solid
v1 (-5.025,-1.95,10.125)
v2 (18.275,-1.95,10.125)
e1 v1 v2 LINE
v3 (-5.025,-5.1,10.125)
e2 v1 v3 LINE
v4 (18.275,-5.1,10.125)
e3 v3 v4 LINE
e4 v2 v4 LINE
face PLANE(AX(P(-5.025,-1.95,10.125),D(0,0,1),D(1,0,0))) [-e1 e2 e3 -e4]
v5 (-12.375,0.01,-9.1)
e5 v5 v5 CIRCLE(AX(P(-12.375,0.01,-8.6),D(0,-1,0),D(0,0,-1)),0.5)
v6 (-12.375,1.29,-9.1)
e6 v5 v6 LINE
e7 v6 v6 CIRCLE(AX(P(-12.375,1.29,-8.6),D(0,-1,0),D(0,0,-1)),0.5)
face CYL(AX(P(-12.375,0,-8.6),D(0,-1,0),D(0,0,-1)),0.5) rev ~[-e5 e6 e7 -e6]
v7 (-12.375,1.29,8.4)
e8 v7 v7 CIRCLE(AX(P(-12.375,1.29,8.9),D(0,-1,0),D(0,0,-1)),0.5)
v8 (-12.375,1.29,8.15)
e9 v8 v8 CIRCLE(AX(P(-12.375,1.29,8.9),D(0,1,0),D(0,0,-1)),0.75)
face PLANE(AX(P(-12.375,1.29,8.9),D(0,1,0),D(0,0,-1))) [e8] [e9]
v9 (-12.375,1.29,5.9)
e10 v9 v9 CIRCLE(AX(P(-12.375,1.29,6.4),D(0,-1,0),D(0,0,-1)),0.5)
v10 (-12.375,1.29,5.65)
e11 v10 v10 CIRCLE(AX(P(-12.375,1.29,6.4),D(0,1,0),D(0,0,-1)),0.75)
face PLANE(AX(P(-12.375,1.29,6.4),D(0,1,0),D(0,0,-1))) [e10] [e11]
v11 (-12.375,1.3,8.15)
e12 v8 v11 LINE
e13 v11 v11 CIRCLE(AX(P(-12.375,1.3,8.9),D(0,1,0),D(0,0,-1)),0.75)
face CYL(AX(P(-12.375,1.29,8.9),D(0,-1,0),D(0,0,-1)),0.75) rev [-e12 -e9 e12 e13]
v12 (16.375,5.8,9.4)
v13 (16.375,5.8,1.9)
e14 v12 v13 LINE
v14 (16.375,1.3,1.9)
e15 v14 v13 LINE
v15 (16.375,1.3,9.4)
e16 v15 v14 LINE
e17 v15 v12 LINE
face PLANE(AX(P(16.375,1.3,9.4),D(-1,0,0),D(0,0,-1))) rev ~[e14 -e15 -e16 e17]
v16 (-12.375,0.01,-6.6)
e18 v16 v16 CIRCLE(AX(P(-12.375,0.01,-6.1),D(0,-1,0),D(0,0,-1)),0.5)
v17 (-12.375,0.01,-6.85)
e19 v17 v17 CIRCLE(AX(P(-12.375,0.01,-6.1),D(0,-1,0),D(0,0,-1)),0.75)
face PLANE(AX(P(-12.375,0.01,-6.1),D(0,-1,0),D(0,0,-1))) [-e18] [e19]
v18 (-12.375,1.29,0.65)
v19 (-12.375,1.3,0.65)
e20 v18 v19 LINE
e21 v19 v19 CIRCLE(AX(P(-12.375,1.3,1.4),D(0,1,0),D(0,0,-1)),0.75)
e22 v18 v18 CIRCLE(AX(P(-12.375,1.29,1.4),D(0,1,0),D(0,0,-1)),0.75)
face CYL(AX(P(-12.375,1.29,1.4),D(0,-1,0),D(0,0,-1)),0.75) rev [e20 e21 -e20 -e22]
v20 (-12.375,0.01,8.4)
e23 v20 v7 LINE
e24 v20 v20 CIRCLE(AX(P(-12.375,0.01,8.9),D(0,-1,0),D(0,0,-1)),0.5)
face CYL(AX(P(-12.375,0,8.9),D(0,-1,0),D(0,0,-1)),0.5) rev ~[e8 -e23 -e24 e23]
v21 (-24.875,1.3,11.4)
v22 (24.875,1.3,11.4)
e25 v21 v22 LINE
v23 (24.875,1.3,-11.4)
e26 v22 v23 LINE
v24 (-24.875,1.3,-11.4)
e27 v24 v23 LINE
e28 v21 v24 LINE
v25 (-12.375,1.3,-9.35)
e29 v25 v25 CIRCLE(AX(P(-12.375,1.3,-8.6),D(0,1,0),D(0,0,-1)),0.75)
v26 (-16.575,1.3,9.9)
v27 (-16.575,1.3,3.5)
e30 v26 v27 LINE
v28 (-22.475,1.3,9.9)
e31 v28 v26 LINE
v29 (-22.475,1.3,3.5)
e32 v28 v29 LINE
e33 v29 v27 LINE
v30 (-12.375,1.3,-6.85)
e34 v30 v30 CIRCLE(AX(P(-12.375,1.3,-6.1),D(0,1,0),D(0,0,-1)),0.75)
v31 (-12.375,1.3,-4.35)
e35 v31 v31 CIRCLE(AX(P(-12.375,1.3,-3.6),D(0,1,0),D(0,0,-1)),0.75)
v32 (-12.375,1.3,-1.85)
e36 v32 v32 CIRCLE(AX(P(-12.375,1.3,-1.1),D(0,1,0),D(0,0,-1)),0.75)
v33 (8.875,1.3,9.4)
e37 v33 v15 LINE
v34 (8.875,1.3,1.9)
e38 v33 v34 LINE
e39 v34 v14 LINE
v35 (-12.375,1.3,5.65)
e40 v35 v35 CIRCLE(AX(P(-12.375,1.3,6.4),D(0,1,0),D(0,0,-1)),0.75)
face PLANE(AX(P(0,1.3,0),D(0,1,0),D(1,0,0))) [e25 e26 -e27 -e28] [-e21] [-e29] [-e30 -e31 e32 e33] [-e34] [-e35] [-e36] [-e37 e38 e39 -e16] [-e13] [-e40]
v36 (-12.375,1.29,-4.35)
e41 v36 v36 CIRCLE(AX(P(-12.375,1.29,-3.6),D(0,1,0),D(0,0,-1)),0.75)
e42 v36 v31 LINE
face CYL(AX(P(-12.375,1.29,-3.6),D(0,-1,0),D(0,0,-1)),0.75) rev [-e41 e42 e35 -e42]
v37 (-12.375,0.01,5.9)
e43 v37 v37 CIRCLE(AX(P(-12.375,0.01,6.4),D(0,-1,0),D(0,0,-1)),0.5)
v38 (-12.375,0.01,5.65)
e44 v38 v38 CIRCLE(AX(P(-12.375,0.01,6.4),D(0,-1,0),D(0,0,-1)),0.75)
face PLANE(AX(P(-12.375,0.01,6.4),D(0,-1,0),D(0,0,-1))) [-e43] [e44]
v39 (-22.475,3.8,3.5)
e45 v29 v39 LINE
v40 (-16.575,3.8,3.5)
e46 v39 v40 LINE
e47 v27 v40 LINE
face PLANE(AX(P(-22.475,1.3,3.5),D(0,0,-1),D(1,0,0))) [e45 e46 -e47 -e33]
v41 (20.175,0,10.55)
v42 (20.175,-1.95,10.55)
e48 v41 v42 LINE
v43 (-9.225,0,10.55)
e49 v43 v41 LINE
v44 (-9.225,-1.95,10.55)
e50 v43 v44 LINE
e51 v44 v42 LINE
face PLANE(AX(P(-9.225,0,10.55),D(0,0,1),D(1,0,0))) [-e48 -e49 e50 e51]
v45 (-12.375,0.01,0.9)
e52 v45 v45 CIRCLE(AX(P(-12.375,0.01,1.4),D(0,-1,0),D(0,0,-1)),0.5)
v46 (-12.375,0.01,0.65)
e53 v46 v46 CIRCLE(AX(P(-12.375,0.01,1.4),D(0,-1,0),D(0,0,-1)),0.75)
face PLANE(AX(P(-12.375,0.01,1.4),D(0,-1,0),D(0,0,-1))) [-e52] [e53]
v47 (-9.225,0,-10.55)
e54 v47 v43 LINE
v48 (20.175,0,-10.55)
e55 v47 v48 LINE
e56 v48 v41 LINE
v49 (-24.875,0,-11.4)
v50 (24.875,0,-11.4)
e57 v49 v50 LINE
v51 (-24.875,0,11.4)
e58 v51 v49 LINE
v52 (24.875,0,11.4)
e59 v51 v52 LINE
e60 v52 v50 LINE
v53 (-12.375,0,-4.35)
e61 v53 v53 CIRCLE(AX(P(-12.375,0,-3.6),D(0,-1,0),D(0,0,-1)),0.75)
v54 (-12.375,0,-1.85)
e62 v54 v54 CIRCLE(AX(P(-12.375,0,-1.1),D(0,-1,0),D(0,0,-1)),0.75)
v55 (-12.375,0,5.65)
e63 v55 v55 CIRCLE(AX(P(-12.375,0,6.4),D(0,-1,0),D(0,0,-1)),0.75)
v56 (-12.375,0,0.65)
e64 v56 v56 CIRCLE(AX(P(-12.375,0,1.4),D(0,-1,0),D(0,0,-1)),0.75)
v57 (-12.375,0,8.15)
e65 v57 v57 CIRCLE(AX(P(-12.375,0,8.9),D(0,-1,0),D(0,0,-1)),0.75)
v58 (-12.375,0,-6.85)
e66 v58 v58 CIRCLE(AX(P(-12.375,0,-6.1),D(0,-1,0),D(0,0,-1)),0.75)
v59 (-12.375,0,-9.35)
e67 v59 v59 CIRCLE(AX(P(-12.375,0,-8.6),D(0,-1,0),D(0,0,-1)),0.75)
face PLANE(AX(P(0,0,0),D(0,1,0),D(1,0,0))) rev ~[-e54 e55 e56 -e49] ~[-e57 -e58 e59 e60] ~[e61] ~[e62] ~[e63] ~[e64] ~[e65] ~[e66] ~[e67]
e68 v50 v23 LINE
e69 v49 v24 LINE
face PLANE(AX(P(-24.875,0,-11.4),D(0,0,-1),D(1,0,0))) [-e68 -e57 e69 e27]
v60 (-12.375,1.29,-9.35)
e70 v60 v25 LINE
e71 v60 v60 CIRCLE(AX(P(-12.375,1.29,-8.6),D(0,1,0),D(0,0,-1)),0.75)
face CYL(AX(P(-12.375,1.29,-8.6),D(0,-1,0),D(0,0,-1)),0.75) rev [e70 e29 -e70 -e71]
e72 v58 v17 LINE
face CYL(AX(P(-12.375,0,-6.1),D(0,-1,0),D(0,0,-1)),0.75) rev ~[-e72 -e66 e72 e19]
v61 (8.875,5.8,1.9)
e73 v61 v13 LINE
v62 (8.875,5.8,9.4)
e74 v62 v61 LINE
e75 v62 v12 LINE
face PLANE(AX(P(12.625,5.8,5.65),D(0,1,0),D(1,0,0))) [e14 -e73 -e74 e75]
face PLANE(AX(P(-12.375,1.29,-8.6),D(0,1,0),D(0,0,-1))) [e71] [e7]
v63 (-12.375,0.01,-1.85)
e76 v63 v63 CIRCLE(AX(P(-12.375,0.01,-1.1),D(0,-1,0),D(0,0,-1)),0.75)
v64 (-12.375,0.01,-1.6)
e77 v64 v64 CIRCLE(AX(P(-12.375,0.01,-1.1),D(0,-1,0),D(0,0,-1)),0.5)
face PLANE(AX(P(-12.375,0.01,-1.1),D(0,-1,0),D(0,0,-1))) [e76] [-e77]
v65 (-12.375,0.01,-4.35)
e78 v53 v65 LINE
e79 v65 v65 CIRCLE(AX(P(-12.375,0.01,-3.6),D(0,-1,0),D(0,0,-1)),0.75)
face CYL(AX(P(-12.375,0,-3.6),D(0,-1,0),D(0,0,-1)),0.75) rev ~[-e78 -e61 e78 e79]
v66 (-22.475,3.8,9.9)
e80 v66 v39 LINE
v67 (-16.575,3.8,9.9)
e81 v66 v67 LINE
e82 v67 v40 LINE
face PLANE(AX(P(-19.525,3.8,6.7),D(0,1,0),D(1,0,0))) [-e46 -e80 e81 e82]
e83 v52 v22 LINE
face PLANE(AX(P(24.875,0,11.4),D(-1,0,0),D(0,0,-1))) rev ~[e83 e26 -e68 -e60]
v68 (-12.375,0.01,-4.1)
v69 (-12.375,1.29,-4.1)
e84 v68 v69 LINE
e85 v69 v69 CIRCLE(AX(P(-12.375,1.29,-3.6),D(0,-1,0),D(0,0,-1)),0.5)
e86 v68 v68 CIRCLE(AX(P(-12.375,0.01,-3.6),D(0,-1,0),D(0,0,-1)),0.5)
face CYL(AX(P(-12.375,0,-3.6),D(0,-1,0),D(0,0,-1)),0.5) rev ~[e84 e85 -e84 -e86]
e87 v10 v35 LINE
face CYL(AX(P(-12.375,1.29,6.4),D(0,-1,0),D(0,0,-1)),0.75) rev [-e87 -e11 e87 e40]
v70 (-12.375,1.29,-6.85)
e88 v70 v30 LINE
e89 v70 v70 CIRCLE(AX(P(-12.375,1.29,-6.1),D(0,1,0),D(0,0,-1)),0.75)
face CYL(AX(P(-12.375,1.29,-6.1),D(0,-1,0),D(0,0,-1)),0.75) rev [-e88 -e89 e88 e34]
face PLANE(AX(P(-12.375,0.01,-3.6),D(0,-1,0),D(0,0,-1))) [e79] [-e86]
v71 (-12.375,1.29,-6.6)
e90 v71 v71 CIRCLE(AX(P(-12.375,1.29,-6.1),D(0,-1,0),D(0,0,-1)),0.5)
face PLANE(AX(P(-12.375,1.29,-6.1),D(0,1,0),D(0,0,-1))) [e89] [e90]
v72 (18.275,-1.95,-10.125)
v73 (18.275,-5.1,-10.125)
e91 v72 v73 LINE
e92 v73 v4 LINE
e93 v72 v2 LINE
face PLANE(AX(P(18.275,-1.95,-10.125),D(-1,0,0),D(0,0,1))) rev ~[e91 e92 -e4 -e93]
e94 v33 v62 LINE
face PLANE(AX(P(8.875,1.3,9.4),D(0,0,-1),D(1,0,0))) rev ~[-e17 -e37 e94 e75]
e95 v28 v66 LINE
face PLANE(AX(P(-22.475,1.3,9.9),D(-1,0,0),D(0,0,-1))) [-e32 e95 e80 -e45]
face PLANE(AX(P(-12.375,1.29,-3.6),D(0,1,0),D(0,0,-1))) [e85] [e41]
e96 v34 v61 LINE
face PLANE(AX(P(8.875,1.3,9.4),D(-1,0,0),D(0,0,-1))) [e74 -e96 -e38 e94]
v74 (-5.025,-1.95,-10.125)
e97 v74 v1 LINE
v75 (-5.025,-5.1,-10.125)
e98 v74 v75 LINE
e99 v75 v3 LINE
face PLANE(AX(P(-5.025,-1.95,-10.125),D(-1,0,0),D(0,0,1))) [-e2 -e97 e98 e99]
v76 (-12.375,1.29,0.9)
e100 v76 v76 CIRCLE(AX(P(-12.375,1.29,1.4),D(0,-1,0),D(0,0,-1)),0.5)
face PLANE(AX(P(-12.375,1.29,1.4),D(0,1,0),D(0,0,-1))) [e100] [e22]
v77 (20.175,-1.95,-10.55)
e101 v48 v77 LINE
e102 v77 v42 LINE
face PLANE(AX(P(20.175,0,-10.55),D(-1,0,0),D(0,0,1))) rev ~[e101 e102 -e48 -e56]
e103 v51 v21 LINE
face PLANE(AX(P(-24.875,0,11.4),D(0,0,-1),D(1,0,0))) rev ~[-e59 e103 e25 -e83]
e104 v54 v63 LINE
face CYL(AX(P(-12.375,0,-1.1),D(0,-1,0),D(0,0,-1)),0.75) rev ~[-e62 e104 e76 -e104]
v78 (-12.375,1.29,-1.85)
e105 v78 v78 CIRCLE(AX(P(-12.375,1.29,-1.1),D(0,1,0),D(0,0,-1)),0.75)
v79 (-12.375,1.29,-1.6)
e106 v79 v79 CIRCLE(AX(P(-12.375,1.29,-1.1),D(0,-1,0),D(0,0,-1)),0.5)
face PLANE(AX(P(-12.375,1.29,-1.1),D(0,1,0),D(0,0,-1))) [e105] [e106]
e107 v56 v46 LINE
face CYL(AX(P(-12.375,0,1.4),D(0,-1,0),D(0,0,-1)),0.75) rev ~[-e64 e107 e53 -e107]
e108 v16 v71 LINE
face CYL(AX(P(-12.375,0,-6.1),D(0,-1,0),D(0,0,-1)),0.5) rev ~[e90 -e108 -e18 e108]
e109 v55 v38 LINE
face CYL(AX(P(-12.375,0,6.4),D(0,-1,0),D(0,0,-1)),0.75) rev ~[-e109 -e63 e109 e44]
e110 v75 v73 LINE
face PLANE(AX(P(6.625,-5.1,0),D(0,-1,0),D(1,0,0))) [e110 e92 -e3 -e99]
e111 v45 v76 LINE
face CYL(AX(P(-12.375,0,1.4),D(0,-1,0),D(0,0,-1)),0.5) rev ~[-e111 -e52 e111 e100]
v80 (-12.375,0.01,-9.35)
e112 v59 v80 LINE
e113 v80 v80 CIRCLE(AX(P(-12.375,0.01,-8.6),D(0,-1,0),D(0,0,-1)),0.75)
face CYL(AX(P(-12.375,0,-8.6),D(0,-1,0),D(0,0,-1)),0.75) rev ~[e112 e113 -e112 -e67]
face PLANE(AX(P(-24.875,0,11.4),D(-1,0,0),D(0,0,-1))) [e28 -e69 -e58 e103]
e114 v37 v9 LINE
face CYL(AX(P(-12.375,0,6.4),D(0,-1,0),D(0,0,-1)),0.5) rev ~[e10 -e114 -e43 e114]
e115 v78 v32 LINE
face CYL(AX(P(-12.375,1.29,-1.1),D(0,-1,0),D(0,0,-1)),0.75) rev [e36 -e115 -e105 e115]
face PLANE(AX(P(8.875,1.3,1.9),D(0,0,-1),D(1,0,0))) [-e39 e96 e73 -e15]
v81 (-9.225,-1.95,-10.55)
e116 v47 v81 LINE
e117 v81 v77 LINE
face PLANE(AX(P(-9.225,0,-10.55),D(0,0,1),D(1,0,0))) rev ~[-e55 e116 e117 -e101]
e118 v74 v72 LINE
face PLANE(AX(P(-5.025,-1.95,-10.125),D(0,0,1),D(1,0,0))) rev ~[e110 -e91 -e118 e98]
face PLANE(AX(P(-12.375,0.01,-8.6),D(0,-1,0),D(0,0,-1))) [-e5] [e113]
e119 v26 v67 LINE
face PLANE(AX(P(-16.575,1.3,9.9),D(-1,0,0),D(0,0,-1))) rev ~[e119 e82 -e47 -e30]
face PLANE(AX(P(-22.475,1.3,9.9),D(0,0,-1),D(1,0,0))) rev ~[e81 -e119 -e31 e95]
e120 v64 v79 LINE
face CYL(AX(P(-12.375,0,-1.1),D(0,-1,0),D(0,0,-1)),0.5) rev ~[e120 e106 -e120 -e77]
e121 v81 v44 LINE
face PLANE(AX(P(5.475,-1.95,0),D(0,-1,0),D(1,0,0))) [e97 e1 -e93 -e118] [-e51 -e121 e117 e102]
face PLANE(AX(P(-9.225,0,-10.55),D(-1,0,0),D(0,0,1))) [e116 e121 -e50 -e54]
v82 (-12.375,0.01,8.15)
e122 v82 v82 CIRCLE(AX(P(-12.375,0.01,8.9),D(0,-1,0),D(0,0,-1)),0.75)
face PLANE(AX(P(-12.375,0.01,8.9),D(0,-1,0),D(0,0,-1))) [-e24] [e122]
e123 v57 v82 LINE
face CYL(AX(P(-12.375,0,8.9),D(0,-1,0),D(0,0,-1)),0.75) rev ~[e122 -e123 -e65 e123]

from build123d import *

# Parameters (mm, degrees)
SKETCH1_W           = 49.75
SKETCH1_H           = 22.8
BOSS_EXTRUDE1_DEPTH = 1.3
SKETCH2_W           = 7.5
SKETCH2_H           = 7.5
BOSS_EXTRUDE2_DEPTH = 4.5
SKETCH3_W           = 5.9
SKETCH3_H           = 6.4
BOSS_EXTRUDE3_DEPTH = 2.5
SKETCH4_W           = 29.4
SKETCH4_H           = 21.1
BOSS_EXTRUDE4_DEPTH = 1.95
SKETCH5_W           = 23.3
SKETCH5_H           = 20.25
BOSS_EXTRUDE5_DEPTH = 3.15
CUT_EXTRUDE1_REACH  = 29.971
SKETCH6_R           = 0.5
SKETCH7_R           = 0.75
CUT_EXTRUDE2_DEPTH  = 0.01
CUT_EXTRUDE3_START  = -0.01
SKETCH8_R           = 0.75
CUT_EXTRUDE3_DEPTH  = 0.01


with BuildPart() as part:
    # Sketch1 → Boss-Extrude1 (new body)
    with BuildSketch(Plane(origin=(0, 0, 0), x_dir=(1, 0, 0), z_dir=(0, 1, 0))):
        Rectangle(SKETCH1_W, SKETCH1_H)
    extrude(amount=BOSS_EXTRUDE1_DEPTH)

    # Sketch2 → Boss-Extrude2 (add)
    with BuildSketch(Plane(origin=(0, 1.3, 0), x_dir=(1, 0, 0), z_dir=(0, 1, 0))):
        with Locations((12.625, -5.65)):
            Rectangle(SKETCH2_W, SKETCH2_H)
    extrude(amount=BOSS_EXTRUDE2_DEPTH)

    # Sketch3 → Boss-Extrude3 (add)
    with BuildSketch(Plane(origin=(0, 1.3, 0), x_dir=(1, 0, 0), z_dir=(0, 1, 0))):
        with Locations((-19.525, -6.7)):
            Rectangle(SKETCH3_W, SKETCH3_H)
    extrude(amount=BOSS_EXTRUDE3_DEPTH)

    # Sketch4 → Boss-Extrude4 (add)
    with BuildSketch(Plane.XZ):
        with Locations((5.475, 0)):
            Rectangle(SKETCH4_W, SKETCH4_H)
    extrude(amount=BOSS_EXTRUDE4_DEPTH)

    # Sketch5 → Boss-Extrude5 (add)
    with BuildSketch(Plane.XZ.offset(1.95)):
        with Locations((6.625, 0)):
            Rectangle(SKETCH5_W, SKETCH5_H)
    extrude(amount=BOSS_EXTRUDE5_DEPTH)

    # Sketch6 → Cut-Extrude1 (cut, up to next)
    with BuildSketch(Plane.XZ, mode=Mode.PRIVATE) as cut_extrude1_sk1:
        with Locations(Location((-12.375, 8.9, 0), (0, 0, 270))):
            Circle(SKETCH6_R)
    cut_extrude1_tool1 = extrude(cut_extrude1_sk1.sketch, amount=-CUT_EXTRUDE1_REACH, mode=Mode.PRIVATE) & part.part
    # Sketch6 → Cut-Extrude1 (cut, up to next)
    with BuildSketch(Plane.XZ, mode=Mode.PRIVATE) as cut_extrude1_sk2:
        with Locations(Location((-12.375, 6.4, 0), (0, 0, 270))):
            Circle(SKETCH6_R)
    cut_extrude1_tool2 = extrude(cut_extrude1_sk2.sketch, amount=-CUT_EXTRUDE1_REACH, mode=Mode.PRIVATE) & part.part
    # Sketch6 → Cut-Extrude1 (cut, up to next)
    with BuildSketch(Plane.XZ, mode=Mode.PRIVATE) as cut_extrude1_sk3:
        with Locations(Location((-12.375, 1.4, 0), (0, 0, 270))):
            Circle(SKETCH6_R)
    cut_extrude1_tool3 = extrude(cut_extrude1_sk3.sketch, amount=-CUT_EXTRUDE1_REACH, mode=Mode.PRIVATE) & part.part
    # Sketch6 → Cut-Extrude1 (cut, up to next)
    with BuildSketch(Plane.XZ, mode=Mode.PRIVATE) as cut_extrude1_sk4:
        with Locations(Location((-12.375, -1.1, 0), (0, 0, 270))):
            Circle(SKETCH6_R)
    cut_extrude1_tool4 = extrude(cut_extrude1_sk4.sketch, amount=-CUT_EXTRUDE1_REACH, mode=Mode.PRIVATE) & part.part
    # Sketch6 → Cut-Extrude1 (cut, up to next)
    with BuildSketch(Plane.XZ, mode=Mode.PRIVATE) as cut_extrude1_sk5:
        with Locations(Location((-12.375, -3.6, 0), (0, 0, 270))):
            Circle(SKETCH6_R)
    cut_extrude1_tool5 = extrude(cut_extrude1_sk5.sketch, amount=-CUT_EXTRUDE1_REACH, mode=Mode.PRIVATE) & part.part
    # Sketch6 → Cut-Extrude1 (cut, up to next)
    with BuildSketch(Plane.XZ, mode=Mode.PRIVATE) as cut_extrude1_sk6:
        with Locations(Location((-12.375, -6.1, 0), (0, 0, 270))):
            Circle(SKETCH6_R)
    cut_extrude1_tool6 = extrude(cut_extrude1_sk6.sketch, amount=-CUT_EXTRUDE1_REACH, mode=Mode.PRIVATE) & part.part
    # Sketch6 → Cut-Extrude1 (cut, up to next)
    with BuildSketch(Plane.XZ, mode=Mode.PRIVATE) as cut_extrude1_sk7:
        with Locations(Location((-12.375, -8.6, 0), (0, 0, 270))):
            Circle(SKETCH6_R)
    cut_extrude1_tool7 = extrude(cut_extrude1_sk7.sketch, amount=-CUT_EXTRUDE1_REACH, mode=Mode.PRIVATE) & part.part
    add(cut_extrude1_tool1.solids().sort_by_distance((-12.375, 0, 8.9))[0], mode=Mode.SUBTRACT)
    add(cut_extrude1_tool2.solids().sort_by_distance((-12.375, 0, 6.4))[0], mode=Mode.SUBTRACT)
    add(cut_extrude1_tool3.solids().sort_by_distance((-12.375, 0, 1.4))[0], mode=Mode.SUBTRACT)
    add(cut_extrude1_tool4.solids().sort_by_distance((-12.375, 0, -1.1))[0], mode=Mode.SUBTRACT)
    add(cut_extrude1_tool5.solids().sort_by_distance((-12.375, 0, -3.6))[0], mode=Mode.SUBTRACT)
    add(cut_extrude1_tool6.solids().sort_by_distance((-12.375, 0, -6.1))[0], mode=Mode.SUBTRACT)
    add(cut_extrude1_tool7.solids().sort_by_distance((-12.375, 0, -8.6))[0], mode=Mode.SUBTRACT)

    # Sketch7 → Cut-Extrude2 (cut)
    with BuildSketch(Plane.XZ):
        with Locations(Location((-12.375, 8.9, 0), (0, 0, 270))):
            Circle(SKETCH7_R)
        with Locations(Location((-12.375, 6.4, 0), (0, 0, 270))):
            Circle(SKETCH7_R)
        with Locations(Location((-12.375, 1.4, 0), (0, 0, 270))):
            Circle(SKETCH7_R)
        with Locations(Location((-12.375, -1.1, 0), (0, 0, 270))):
            Circle(SKETCH7_R)
        with Locations(Location((-12.375, -3.6, 0), (0, 0, 270))):
            Circle(SKETCH7_R)
        with Locations(Location((-12.375, -6.1, 0), (0, 0, 270))):
            Circle(SKETCH7_R)
        with Locations(Location((-12.375, -8.6, 0), (0, 0, 270))):
            Circle(SKETCH7_R)
    extrude(amount=-CUT_EXTRUDE2_DEPTH, mode=Mode.SUBTRACT)

    # Sketch8 → Cut-Extrude3 (cut)
    with BuildSketch(Plane(origin=(0, 1.3, 0), x_dir=(1, 0, 0), z_dir=(0, 1, 0)).offset(CUT_EXTRUDE3_START)):
        with Locations(Location((-12.375, 8.6, 0), (0, 0, 90))):
            Circle(SKETCH8_R)
        with Locations(Location((-12.375, 6.1, 0), (0, 0, 90))):
            Circle(SKETCH8_R)
        with Locations(Location((-12.375, 3.6, 0), (0, 0, 90))):
            Circle(SKETCH8_R)
        with Locations(Location((-12.375, 1.1, 0), (0, 0, 90))):
            Circle(SKETCH8_R)
        with Locations(Location((-12.375, -1.4, 0), (0, 0, 90))):
            Circle(SKETCH8_R)
        with Locations(Location((-12.375, -6.4, 0), (0, 0, 90))):
            Circle(SKETCH8_R)
        with Locations(Location((-12.375, -8.9, 0), (0, 0, 90))):
            Circle(SKETCH8_R)
    extrude(amount=CUT_EXTRUDE3_DEPTH, mode=Mode.SUBTRACT)


solid = part.part
